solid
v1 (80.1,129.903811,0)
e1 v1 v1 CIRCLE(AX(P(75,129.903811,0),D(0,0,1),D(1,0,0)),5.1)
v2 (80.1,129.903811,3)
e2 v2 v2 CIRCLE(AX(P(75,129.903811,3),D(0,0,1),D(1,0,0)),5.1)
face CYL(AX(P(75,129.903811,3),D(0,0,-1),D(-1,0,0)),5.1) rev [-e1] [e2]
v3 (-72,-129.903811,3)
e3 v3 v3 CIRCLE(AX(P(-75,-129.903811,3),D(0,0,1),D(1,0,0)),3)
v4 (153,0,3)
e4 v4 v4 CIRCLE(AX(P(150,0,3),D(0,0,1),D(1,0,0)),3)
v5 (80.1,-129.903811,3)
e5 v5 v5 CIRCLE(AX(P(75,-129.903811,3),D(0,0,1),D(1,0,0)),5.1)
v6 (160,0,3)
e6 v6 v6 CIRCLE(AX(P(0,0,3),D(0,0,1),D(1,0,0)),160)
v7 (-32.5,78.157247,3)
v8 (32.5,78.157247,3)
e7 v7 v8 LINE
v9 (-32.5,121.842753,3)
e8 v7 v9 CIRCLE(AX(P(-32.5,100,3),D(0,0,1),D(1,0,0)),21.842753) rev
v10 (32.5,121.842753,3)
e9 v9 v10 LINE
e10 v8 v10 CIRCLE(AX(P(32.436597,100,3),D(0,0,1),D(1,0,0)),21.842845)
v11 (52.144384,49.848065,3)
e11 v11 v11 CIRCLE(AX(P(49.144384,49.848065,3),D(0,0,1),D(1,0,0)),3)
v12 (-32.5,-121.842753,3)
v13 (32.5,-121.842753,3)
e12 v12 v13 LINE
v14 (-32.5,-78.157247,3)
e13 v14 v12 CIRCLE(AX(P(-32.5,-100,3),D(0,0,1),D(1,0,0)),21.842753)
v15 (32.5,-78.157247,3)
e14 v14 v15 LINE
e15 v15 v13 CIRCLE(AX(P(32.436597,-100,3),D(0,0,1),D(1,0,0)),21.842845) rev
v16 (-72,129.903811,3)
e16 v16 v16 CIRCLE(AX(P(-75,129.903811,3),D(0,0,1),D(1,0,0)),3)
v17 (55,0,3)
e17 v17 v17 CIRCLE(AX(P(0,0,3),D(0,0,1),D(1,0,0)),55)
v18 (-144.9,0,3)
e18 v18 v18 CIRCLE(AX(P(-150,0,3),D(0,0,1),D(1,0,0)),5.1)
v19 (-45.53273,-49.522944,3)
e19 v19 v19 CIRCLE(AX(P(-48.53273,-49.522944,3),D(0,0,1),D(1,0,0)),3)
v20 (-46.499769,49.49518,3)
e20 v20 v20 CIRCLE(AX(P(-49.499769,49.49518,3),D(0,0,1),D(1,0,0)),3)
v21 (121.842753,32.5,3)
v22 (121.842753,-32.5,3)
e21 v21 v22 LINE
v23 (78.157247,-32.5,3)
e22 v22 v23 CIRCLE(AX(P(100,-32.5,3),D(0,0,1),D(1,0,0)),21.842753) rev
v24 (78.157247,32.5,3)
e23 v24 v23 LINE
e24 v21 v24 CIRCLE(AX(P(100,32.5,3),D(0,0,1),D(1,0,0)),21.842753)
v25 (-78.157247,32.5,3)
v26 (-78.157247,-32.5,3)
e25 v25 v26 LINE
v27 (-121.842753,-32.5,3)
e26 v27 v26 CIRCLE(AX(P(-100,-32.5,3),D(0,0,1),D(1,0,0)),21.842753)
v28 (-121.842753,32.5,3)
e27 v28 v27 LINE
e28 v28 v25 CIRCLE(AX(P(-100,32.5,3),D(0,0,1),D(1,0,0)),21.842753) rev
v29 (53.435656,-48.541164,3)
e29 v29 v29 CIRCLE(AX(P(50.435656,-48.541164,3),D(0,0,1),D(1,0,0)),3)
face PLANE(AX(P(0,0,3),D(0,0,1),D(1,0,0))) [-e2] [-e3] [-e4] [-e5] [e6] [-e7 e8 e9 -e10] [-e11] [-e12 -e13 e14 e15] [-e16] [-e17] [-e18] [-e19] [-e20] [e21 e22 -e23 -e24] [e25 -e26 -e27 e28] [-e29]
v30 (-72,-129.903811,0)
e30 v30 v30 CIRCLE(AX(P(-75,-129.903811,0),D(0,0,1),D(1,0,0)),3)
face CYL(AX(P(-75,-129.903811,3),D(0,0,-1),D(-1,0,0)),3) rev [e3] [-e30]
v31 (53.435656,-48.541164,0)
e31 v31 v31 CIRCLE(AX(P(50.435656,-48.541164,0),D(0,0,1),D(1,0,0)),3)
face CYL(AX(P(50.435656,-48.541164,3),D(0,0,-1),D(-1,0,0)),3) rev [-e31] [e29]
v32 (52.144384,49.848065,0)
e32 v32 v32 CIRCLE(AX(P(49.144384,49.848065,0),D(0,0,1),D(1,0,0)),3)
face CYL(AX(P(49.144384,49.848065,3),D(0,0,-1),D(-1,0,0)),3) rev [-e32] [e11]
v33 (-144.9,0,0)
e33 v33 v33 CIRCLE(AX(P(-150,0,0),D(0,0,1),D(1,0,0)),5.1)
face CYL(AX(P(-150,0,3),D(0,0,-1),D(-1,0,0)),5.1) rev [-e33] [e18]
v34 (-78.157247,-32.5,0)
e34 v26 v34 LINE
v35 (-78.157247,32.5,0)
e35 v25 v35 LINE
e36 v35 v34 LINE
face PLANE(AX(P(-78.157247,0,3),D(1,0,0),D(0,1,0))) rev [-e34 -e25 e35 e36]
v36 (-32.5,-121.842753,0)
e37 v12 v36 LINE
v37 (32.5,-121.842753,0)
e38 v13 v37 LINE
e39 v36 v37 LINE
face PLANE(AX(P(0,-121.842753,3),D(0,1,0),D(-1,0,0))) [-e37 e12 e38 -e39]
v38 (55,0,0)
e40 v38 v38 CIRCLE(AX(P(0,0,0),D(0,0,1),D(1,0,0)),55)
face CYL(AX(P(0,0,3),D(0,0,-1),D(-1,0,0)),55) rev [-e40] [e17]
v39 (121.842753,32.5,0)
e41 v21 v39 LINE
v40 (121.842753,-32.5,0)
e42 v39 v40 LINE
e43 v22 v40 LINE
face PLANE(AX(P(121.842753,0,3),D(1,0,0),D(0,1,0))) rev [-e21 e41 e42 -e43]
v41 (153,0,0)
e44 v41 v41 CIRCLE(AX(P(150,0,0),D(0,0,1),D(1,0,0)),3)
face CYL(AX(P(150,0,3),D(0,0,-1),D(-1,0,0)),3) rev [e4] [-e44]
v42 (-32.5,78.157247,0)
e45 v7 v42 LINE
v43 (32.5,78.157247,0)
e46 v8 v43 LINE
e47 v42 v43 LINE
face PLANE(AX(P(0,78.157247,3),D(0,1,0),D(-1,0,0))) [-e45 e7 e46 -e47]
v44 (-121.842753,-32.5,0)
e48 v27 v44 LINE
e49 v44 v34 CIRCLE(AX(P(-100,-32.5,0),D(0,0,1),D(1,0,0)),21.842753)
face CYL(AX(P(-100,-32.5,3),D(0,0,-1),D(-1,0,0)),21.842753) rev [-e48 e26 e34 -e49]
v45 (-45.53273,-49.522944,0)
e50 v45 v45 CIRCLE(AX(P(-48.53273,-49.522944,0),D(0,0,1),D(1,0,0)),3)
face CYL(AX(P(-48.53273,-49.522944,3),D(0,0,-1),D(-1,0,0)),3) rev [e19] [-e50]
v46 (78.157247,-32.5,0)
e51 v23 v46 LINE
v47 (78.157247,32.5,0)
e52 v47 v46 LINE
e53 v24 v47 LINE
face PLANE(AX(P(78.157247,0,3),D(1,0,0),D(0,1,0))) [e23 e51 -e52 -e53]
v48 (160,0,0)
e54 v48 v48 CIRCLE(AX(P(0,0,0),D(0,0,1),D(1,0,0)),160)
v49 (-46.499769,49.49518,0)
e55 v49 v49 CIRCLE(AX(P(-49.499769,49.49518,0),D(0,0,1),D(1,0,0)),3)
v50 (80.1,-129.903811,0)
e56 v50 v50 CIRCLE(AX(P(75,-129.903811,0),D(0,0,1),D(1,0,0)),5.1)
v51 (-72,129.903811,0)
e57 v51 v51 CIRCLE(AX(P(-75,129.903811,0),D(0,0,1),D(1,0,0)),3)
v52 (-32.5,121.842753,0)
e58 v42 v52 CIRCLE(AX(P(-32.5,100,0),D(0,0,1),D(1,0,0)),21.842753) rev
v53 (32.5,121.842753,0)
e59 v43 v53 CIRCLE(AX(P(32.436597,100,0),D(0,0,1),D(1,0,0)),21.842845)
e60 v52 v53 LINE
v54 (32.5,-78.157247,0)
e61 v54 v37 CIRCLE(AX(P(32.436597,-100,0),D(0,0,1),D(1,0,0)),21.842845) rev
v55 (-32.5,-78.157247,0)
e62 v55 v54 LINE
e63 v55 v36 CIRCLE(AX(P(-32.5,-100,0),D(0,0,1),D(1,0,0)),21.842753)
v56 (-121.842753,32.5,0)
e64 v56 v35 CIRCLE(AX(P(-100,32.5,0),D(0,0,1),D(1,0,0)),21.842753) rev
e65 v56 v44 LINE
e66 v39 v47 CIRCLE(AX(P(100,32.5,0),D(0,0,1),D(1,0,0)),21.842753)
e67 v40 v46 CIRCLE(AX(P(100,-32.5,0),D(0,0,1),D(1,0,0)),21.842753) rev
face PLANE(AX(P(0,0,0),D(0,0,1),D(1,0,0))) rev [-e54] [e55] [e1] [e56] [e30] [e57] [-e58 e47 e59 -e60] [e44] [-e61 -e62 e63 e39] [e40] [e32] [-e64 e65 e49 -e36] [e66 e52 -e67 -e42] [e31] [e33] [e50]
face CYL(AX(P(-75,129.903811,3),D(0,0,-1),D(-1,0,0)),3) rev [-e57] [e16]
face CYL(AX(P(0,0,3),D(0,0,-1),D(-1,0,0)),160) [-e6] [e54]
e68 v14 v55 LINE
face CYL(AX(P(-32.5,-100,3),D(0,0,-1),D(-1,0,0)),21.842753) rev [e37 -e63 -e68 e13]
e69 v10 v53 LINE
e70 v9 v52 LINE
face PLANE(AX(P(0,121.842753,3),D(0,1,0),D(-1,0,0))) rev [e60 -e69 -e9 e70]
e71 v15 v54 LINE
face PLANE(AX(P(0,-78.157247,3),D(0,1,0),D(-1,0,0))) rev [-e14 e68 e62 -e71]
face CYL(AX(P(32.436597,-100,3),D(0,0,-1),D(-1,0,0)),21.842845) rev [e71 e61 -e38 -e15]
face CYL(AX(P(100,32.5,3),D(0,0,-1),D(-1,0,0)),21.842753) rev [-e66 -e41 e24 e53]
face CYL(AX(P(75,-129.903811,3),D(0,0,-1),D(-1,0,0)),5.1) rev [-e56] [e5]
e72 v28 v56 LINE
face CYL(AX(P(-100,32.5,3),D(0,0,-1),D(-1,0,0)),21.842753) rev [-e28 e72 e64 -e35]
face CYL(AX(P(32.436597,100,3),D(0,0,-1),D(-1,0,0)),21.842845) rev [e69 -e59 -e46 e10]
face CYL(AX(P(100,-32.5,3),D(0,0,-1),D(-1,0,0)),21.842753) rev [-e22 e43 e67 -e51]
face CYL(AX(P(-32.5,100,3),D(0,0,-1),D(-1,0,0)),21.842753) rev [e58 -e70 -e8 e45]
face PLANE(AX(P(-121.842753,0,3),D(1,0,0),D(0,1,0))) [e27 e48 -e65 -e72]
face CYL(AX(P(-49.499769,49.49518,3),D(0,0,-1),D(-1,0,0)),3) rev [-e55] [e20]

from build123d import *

# Parameters (mm, degrees)
CROQUIS1_R              = 160
CROQUIS1_R_2            = 55
CROQUIS1_R_3            = 5.1
CROQUIS1_R_4            = 3
SALIENTE_EXTRUIR2_DEPTH = 3


with BuildPart() as part:
    # Croquis1 → Saliente-Extruir2 (new body)
    with BuildSketch(Plane.XY):
        Circle(CROQUIS1_R)
        Circle(CROQUIS1_R_2, mode=Mode.SUBTRACT)
        with Locations((-150, 0)):
            Circle(CROQUIS1_R_3, mode=Mode.SUBTRACT)
        with Locations((-48.532730183, -49.522943911)):
            Circle(CROQUIS1_R_4, mode=Mode.SUBTRACT)
        with Locations((75, 129.903810568)):
            Circle(CROQUIS1_R_3, mode=Mode.SUBTRACT)
        with Locations((75, -129.903810568)):
            Circle(CROQUIS1_R_3, mode=Mode.SUBTRACT)
        with Locations((-75, 129.903810568)):
            Circle(CROQUIS1_R_4, mode=Mode.SUBTRACT)
        with Locations((150, 0)):
            Circle(CROQUIS1_R_4, mode=Mode.SUBTRACT)
        with Locations((-75, -129.903810568)):
            Circle(CROQUIS1_R_4, mode=Mode.SUBTRACT)
        with Locations((-49.499768998, 49.495180262)):
            Circle(CROQUIS1_R_4, mode=Mode.SUBTRACT)
        with Locations((50.43565577, -48.541164253)):
            Circle(CROQUIS1_R_4, mode=Mode.SUBTRACT)
        with Locations((49.144383708, 49.848064656)):
            Circle(CROQUIS1_R_4, mode=Mode.SUBTRACT)
        with BuildLine():
            Line((-32.5, 78.157247055), (32.5, 78.157247055))
            ThreePointArc((32.5, 78.157247055), (54.279441944, 100), (32.5, 121.842752945))
            Line((32.5, 121.842752945), (-32.5, 121.842752945))
            ThreePointArc((-32.5, 121.842752945), (-54.342752945, 100), (-32.5, 78.157247055))
        make_face(mode=Mode.SUBTRACT)
        with BuildLine():
            Line((-32.5, -121.842752945), (32.5, -121.842752945))
            ThreePointArc((32.5, -121.842752945), (54.279441944, -100), (32.5, -78.157247055))
            Line((32.5, -78.157247055), (-32.5, -78.157247055))
            ThreePointArc((-32.5, -78.157247055), (-54.342752945, -100), (-32.5, -121.842752945))
        make_face(mode=Mode.SUBTRACT)
        with BuildLine():
            Line((78.157247055, 32.5), (78.157247055, -32.5))
            ThreePointArc((78.157247055, -32.5), (100, -54.342752945), (121.842752945, -32.5))
            Line((121.842752945, -32.5), (121.842752945, 32.5))
            ThreePointArc((121.842752945, 32.5), (100, 54.342752945), (78.157247055, 32.5))
        make_face(mode=Mode.SUBTRACT)
        with BuildLine():
            Line((-78.157247055, 32.5), (-78.157247055, -32.5))
            ThreePointArc((-78.157247055, -32.5), (-100, -54.342752945), (-121.842752945, -32.5))
            Line((-121.842752945, -32.5), (-121.842752945, 32.5))
            ThreePointArc((-121.842752945, 32.5), (-100, 54.342752945), (-78.157247055, 32.5))
        make_face(mode=Mode.SUBTRACT)
    extrude(amount=SALIENTE_EXTRUIR2_DEPTH)


solid = part.part
